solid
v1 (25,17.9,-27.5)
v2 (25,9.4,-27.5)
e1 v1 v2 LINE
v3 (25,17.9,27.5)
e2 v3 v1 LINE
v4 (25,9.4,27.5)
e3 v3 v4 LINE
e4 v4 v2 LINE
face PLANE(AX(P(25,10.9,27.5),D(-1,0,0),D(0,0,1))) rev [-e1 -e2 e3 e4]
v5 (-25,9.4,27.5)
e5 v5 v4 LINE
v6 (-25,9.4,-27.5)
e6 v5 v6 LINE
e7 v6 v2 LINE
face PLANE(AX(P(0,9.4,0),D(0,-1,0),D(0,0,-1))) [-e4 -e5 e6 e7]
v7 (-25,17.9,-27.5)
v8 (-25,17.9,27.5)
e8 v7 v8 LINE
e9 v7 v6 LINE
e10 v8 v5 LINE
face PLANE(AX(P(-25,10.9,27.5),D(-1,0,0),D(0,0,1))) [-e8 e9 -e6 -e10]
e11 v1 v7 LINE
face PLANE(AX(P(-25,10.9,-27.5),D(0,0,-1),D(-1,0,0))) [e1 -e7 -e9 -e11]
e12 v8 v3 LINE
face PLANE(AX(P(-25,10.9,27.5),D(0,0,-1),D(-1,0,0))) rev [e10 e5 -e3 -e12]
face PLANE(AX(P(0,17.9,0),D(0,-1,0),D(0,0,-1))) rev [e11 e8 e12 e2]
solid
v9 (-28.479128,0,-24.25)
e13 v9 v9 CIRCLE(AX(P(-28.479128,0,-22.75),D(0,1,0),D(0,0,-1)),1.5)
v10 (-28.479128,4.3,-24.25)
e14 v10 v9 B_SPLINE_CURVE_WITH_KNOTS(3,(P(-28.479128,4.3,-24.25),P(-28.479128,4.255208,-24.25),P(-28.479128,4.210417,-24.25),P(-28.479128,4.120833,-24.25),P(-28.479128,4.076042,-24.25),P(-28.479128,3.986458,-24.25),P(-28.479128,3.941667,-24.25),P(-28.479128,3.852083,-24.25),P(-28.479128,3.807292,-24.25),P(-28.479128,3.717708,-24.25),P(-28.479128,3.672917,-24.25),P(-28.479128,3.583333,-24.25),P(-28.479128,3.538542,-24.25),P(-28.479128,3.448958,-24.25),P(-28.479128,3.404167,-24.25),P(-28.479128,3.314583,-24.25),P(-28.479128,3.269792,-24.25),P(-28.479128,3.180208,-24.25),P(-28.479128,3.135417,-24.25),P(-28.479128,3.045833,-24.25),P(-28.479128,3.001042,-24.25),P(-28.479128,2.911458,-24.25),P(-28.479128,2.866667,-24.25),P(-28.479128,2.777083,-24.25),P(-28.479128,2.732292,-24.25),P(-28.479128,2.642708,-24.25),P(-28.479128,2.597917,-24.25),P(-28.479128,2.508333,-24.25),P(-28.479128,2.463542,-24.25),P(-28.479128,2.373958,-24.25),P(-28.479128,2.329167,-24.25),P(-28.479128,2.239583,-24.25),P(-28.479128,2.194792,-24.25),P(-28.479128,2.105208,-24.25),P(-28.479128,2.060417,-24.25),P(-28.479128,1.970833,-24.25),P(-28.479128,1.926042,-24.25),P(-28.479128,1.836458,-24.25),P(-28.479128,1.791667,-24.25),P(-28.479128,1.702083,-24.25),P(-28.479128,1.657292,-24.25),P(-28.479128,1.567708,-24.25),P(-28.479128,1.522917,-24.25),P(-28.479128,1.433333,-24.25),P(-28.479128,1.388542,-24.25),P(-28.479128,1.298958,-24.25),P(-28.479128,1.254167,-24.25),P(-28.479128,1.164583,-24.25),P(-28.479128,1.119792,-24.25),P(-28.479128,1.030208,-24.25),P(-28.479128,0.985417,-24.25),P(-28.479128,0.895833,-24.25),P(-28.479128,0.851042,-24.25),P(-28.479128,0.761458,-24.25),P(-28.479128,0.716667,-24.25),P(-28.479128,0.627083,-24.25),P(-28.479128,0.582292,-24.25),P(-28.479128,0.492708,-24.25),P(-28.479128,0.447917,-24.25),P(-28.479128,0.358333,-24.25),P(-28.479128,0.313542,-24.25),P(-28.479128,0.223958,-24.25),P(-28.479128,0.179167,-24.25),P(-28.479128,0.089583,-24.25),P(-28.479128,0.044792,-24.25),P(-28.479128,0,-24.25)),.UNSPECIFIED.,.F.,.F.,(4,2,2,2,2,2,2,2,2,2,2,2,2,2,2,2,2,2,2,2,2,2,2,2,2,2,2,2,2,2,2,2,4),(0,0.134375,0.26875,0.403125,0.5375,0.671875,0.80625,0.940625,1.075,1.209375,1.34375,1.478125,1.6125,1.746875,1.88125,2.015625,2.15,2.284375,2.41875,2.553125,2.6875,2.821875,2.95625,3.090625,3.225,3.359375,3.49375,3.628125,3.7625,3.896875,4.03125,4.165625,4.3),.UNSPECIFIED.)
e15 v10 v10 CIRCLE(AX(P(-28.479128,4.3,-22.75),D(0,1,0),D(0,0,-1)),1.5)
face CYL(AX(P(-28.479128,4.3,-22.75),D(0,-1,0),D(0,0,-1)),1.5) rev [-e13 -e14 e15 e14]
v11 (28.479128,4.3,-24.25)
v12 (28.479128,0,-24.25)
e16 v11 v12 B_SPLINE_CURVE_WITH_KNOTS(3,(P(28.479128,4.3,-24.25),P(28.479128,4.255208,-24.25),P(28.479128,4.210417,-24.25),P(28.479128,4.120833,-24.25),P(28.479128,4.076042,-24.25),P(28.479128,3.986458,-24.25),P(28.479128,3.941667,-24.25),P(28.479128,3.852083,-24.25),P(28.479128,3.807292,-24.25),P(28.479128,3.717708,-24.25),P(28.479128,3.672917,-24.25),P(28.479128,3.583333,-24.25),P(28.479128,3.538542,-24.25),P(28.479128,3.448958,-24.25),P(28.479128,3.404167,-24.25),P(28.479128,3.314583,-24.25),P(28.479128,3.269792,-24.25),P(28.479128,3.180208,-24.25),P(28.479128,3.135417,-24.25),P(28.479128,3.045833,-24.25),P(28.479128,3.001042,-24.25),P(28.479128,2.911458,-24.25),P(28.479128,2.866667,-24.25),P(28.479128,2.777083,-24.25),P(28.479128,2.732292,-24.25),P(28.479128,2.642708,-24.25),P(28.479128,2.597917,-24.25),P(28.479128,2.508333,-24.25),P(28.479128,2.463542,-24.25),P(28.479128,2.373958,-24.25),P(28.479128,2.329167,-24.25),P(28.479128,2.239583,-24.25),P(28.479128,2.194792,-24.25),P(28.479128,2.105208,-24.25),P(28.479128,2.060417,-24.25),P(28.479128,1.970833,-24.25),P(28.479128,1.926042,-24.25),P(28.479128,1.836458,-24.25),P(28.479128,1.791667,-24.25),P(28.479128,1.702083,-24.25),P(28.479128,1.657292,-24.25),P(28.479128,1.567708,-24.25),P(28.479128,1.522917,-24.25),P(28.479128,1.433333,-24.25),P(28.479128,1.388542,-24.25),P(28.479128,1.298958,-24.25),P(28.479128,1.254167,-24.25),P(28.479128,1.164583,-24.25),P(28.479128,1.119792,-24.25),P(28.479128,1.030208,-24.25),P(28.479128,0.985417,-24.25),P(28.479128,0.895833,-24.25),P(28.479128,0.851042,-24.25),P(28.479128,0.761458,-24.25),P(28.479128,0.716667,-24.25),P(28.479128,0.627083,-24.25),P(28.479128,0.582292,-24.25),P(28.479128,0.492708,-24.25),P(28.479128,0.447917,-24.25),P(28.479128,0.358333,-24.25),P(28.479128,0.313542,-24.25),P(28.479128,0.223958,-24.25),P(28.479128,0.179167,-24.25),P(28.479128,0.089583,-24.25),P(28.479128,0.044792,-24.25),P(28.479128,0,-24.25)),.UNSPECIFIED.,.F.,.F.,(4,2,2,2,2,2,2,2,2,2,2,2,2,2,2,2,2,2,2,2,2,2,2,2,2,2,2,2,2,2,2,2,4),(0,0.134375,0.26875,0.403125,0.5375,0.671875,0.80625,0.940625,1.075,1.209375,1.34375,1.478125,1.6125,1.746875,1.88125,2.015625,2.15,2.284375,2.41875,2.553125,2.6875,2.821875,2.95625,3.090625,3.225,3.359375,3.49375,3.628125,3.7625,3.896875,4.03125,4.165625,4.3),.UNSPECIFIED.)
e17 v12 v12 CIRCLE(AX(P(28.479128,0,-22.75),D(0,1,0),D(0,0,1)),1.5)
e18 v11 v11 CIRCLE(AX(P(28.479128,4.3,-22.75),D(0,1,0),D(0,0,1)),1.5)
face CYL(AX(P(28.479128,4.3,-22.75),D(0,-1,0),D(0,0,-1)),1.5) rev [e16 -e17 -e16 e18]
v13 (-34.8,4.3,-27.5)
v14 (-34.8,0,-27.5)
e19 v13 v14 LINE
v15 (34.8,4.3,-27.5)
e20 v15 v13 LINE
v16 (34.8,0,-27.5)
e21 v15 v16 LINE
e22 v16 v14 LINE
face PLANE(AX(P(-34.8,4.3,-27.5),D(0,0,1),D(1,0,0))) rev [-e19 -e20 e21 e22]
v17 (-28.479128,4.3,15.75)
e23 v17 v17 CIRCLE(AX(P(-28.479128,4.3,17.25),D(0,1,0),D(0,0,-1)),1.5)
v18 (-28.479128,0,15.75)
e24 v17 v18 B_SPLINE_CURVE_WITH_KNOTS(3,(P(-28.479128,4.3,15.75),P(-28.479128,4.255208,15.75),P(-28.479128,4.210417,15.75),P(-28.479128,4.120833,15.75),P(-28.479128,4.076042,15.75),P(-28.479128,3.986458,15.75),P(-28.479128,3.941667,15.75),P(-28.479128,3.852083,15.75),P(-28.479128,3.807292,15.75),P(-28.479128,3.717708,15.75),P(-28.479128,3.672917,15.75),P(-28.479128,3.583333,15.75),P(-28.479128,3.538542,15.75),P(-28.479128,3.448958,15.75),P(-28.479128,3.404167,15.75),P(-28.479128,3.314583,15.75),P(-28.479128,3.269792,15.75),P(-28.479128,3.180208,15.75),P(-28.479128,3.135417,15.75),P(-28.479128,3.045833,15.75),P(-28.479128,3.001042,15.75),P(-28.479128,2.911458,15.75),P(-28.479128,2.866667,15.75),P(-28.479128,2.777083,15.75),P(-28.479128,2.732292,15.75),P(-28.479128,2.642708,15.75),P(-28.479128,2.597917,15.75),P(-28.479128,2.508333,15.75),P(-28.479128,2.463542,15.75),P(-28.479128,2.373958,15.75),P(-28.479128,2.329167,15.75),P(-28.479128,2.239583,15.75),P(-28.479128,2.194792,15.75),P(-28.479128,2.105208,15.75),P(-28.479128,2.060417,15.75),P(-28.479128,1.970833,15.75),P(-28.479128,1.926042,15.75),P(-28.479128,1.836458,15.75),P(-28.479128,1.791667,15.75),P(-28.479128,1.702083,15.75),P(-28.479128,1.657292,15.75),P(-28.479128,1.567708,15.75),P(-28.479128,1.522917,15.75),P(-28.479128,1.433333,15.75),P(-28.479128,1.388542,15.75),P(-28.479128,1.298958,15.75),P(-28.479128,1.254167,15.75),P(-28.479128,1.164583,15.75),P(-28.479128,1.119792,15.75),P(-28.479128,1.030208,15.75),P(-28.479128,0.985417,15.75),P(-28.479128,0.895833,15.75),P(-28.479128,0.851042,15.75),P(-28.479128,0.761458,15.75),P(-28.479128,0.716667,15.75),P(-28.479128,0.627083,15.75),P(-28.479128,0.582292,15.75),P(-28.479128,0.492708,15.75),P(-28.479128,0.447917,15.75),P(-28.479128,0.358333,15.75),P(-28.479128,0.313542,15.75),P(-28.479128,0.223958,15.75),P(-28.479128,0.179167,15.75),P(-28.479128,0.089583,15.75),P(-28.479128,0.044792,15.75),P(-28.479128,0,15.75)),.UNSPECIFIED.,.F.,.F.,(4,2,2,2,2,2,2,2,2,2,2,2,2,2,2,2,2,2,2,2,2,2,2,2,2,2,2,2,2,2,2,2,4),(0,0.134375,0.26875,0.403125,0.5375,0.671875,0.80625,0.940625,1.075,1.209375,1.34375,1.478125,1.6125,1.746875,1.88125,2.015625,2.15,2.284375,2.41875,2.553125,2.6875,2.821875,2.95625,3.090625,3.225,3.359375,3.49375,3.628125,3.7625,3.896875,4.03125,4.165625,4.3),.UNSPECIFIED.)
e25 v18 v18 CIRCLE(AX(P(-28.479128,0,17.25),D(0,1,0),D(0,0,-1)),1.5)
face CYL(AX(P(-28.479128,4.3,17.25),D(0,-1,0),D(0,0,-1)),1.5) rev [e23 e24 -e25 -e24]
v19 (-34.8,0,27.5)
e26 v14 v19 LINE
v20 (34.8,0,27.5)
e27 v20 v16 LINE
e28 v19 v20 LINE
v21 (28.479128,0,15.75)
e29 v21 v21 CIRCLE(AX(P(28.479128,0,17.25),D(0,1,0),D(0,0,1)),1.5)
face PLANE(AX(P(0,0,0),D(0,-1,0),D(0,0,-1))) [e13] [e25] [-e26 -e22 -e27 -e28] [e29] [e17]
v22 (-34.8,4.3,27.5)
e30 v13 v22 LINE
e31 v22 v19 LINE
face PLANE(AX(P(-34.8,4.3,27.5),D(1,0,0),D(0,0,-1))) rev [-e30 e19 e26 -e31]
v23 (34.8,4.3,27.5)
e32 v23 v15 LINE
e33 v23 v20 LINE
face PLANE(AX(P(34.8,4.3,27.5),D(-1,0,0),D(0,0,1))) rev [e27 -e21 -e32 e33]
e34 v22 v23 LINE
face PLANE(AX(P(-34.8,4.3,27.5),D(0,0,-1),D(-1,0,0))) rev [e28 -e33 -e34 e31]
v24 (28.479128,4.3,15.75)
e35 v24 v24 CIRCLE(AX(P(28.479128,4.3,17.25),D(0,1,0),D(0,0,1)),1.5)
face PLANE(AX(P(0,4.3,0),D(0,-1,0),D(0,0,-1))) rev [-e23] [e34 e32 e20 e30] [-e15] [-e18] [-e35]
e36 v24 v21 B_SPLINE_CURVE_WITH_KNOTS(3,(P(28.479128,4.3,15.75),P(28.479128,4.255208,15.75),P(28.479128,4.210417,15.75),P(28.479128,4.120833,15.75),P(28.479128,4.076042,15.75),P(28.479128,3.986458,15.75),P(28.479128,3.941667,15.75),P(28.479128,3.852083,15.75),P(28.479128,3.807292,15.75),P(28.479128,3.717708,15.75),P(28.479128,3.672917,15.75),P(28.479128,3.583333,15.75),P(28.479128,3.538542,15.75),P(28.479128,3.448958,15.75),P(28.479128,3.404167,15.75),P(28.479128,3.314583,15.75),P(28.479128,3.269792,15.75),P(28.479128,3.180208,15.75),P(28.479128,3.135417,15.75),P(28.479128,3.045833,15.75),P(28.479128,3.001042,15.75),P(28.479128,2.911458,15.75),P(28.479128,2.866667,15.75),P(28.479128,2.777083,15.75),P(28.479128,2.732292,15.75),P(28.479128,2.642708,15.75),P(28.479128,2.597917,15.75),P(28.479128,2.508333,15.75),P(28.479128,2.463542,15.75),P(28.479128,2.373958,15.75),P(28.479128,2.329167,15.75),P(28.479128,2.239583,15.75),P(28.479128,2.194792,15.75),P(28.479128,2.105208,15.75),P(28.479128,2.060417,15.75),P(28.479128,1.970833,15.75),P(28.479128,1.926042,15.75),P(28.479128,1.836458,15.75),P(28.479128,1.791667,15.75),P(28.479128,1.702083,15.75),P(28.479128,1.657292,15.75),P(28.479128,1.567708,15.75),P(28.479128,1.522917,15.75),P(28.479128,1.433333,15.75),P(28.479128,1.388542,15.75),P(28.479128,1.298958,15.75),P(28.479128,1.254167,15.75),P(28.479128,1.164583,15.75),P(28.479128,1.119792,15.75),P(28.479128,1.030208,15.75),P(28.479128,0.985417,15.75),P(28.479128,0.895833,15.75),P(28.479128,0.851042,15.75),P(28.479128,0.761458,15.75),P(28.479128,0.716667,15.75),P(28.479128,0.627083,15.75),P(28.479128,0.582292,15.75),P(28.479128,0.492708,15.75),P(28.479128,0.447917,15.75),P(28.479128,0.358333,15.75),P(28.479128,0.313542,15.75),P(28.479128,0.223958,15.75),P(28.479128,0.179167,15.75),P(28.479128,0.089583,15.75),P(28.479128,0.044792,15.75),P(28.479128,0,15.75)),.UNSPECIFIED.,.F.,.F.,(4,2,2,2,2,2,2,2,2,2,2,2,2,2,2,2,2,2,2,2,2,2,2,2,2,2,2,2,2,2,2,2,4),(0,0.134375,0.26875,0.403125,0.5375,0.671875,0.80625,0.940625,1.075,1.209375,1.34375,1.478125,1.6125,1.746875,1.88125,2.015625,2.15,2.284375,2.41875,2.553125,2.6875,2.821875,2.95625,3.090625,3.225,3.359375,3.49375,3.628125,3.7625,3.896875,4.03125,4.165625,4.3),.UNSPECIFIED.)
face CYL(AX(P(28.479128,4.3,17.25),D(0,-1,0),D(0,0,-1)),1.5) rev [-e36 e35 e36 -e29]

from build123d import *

# Parameters (mm, degrees)
SKETCH1_W           = 69.6
SKETCH1_H           = 55
SKETCH1_R           = 1.5
BOSS_EXTRUDE1_DEPTH = 4.3
SKETCH3_W           = 50
SKETCH3_H           = 55
BOSS_EXTRUDE2_DEPTH = 1.5
SKETCH5_W           = 50
SKETCH5_H           = 55
BOSS_EXTRUDE3_DEPTH = 7


with BuildPart() as part:
    # Sketch1 → Boss-Extrude1 (new body)
    with BuildSketch(Plane(origin=(0, 0, 0), x_dir=(1, 0, 0), z_dir=(0, 1, 0))):
        Rectangle(SKETCH1_W, SKETCH1_H)
        with Locations(Location((28.47912844, 22.75, 0), (0, 0, 90))):
            Circle(SKETCH1_R, mode=Mode.SUBTRACT)
        with Locations(Location((28.47912844, -17.25, 0), (0, 0, 90))):
            Circle(SKETCH1_R, mode=Mode.SUBTRACT)
        with Locations(Location((-28.47912844, -17.25, 0), (0, 0, 90))):
            Circle(SKETCH1_R, mode=Mode.SUBTRACT)
        with Locations(Location((-28.47912844, 22.75, 0), (0, 0, 90))):
            Circle(SKETCH1_R, mode=Mode.SUBTRACT)
    extrude(amount=BOSS_EXTRUDE1_DEPTH)


with BuildPart() as body_2:
    # Sketch3 → Boss-Extrude2 (new body)
    with BuildSketch(Plane(origin=(0, 9.4, 0), x_dir=(1, 0, 0), z_dir=(0, 1, 0))):
        Rectangle(SKETCH3_W, SKETCH3_H)
    extrude(amount=BOSS_EXTRUDE2_DEPTH)

    # Sketch5 → Boss-Extrude3 (add)
    with BuildSketch(Plane(origin=(0, 10.9, 0), x_dir=(1, 0, 0), z_dir=(0, 1, 0))):
        Rectangle(SKETCH5_W, SKETCH5_H)
    extrude(amount=BOSS_EXTRUDE3_DEPTH)


solid = Compound([part.part, body_2.part])
